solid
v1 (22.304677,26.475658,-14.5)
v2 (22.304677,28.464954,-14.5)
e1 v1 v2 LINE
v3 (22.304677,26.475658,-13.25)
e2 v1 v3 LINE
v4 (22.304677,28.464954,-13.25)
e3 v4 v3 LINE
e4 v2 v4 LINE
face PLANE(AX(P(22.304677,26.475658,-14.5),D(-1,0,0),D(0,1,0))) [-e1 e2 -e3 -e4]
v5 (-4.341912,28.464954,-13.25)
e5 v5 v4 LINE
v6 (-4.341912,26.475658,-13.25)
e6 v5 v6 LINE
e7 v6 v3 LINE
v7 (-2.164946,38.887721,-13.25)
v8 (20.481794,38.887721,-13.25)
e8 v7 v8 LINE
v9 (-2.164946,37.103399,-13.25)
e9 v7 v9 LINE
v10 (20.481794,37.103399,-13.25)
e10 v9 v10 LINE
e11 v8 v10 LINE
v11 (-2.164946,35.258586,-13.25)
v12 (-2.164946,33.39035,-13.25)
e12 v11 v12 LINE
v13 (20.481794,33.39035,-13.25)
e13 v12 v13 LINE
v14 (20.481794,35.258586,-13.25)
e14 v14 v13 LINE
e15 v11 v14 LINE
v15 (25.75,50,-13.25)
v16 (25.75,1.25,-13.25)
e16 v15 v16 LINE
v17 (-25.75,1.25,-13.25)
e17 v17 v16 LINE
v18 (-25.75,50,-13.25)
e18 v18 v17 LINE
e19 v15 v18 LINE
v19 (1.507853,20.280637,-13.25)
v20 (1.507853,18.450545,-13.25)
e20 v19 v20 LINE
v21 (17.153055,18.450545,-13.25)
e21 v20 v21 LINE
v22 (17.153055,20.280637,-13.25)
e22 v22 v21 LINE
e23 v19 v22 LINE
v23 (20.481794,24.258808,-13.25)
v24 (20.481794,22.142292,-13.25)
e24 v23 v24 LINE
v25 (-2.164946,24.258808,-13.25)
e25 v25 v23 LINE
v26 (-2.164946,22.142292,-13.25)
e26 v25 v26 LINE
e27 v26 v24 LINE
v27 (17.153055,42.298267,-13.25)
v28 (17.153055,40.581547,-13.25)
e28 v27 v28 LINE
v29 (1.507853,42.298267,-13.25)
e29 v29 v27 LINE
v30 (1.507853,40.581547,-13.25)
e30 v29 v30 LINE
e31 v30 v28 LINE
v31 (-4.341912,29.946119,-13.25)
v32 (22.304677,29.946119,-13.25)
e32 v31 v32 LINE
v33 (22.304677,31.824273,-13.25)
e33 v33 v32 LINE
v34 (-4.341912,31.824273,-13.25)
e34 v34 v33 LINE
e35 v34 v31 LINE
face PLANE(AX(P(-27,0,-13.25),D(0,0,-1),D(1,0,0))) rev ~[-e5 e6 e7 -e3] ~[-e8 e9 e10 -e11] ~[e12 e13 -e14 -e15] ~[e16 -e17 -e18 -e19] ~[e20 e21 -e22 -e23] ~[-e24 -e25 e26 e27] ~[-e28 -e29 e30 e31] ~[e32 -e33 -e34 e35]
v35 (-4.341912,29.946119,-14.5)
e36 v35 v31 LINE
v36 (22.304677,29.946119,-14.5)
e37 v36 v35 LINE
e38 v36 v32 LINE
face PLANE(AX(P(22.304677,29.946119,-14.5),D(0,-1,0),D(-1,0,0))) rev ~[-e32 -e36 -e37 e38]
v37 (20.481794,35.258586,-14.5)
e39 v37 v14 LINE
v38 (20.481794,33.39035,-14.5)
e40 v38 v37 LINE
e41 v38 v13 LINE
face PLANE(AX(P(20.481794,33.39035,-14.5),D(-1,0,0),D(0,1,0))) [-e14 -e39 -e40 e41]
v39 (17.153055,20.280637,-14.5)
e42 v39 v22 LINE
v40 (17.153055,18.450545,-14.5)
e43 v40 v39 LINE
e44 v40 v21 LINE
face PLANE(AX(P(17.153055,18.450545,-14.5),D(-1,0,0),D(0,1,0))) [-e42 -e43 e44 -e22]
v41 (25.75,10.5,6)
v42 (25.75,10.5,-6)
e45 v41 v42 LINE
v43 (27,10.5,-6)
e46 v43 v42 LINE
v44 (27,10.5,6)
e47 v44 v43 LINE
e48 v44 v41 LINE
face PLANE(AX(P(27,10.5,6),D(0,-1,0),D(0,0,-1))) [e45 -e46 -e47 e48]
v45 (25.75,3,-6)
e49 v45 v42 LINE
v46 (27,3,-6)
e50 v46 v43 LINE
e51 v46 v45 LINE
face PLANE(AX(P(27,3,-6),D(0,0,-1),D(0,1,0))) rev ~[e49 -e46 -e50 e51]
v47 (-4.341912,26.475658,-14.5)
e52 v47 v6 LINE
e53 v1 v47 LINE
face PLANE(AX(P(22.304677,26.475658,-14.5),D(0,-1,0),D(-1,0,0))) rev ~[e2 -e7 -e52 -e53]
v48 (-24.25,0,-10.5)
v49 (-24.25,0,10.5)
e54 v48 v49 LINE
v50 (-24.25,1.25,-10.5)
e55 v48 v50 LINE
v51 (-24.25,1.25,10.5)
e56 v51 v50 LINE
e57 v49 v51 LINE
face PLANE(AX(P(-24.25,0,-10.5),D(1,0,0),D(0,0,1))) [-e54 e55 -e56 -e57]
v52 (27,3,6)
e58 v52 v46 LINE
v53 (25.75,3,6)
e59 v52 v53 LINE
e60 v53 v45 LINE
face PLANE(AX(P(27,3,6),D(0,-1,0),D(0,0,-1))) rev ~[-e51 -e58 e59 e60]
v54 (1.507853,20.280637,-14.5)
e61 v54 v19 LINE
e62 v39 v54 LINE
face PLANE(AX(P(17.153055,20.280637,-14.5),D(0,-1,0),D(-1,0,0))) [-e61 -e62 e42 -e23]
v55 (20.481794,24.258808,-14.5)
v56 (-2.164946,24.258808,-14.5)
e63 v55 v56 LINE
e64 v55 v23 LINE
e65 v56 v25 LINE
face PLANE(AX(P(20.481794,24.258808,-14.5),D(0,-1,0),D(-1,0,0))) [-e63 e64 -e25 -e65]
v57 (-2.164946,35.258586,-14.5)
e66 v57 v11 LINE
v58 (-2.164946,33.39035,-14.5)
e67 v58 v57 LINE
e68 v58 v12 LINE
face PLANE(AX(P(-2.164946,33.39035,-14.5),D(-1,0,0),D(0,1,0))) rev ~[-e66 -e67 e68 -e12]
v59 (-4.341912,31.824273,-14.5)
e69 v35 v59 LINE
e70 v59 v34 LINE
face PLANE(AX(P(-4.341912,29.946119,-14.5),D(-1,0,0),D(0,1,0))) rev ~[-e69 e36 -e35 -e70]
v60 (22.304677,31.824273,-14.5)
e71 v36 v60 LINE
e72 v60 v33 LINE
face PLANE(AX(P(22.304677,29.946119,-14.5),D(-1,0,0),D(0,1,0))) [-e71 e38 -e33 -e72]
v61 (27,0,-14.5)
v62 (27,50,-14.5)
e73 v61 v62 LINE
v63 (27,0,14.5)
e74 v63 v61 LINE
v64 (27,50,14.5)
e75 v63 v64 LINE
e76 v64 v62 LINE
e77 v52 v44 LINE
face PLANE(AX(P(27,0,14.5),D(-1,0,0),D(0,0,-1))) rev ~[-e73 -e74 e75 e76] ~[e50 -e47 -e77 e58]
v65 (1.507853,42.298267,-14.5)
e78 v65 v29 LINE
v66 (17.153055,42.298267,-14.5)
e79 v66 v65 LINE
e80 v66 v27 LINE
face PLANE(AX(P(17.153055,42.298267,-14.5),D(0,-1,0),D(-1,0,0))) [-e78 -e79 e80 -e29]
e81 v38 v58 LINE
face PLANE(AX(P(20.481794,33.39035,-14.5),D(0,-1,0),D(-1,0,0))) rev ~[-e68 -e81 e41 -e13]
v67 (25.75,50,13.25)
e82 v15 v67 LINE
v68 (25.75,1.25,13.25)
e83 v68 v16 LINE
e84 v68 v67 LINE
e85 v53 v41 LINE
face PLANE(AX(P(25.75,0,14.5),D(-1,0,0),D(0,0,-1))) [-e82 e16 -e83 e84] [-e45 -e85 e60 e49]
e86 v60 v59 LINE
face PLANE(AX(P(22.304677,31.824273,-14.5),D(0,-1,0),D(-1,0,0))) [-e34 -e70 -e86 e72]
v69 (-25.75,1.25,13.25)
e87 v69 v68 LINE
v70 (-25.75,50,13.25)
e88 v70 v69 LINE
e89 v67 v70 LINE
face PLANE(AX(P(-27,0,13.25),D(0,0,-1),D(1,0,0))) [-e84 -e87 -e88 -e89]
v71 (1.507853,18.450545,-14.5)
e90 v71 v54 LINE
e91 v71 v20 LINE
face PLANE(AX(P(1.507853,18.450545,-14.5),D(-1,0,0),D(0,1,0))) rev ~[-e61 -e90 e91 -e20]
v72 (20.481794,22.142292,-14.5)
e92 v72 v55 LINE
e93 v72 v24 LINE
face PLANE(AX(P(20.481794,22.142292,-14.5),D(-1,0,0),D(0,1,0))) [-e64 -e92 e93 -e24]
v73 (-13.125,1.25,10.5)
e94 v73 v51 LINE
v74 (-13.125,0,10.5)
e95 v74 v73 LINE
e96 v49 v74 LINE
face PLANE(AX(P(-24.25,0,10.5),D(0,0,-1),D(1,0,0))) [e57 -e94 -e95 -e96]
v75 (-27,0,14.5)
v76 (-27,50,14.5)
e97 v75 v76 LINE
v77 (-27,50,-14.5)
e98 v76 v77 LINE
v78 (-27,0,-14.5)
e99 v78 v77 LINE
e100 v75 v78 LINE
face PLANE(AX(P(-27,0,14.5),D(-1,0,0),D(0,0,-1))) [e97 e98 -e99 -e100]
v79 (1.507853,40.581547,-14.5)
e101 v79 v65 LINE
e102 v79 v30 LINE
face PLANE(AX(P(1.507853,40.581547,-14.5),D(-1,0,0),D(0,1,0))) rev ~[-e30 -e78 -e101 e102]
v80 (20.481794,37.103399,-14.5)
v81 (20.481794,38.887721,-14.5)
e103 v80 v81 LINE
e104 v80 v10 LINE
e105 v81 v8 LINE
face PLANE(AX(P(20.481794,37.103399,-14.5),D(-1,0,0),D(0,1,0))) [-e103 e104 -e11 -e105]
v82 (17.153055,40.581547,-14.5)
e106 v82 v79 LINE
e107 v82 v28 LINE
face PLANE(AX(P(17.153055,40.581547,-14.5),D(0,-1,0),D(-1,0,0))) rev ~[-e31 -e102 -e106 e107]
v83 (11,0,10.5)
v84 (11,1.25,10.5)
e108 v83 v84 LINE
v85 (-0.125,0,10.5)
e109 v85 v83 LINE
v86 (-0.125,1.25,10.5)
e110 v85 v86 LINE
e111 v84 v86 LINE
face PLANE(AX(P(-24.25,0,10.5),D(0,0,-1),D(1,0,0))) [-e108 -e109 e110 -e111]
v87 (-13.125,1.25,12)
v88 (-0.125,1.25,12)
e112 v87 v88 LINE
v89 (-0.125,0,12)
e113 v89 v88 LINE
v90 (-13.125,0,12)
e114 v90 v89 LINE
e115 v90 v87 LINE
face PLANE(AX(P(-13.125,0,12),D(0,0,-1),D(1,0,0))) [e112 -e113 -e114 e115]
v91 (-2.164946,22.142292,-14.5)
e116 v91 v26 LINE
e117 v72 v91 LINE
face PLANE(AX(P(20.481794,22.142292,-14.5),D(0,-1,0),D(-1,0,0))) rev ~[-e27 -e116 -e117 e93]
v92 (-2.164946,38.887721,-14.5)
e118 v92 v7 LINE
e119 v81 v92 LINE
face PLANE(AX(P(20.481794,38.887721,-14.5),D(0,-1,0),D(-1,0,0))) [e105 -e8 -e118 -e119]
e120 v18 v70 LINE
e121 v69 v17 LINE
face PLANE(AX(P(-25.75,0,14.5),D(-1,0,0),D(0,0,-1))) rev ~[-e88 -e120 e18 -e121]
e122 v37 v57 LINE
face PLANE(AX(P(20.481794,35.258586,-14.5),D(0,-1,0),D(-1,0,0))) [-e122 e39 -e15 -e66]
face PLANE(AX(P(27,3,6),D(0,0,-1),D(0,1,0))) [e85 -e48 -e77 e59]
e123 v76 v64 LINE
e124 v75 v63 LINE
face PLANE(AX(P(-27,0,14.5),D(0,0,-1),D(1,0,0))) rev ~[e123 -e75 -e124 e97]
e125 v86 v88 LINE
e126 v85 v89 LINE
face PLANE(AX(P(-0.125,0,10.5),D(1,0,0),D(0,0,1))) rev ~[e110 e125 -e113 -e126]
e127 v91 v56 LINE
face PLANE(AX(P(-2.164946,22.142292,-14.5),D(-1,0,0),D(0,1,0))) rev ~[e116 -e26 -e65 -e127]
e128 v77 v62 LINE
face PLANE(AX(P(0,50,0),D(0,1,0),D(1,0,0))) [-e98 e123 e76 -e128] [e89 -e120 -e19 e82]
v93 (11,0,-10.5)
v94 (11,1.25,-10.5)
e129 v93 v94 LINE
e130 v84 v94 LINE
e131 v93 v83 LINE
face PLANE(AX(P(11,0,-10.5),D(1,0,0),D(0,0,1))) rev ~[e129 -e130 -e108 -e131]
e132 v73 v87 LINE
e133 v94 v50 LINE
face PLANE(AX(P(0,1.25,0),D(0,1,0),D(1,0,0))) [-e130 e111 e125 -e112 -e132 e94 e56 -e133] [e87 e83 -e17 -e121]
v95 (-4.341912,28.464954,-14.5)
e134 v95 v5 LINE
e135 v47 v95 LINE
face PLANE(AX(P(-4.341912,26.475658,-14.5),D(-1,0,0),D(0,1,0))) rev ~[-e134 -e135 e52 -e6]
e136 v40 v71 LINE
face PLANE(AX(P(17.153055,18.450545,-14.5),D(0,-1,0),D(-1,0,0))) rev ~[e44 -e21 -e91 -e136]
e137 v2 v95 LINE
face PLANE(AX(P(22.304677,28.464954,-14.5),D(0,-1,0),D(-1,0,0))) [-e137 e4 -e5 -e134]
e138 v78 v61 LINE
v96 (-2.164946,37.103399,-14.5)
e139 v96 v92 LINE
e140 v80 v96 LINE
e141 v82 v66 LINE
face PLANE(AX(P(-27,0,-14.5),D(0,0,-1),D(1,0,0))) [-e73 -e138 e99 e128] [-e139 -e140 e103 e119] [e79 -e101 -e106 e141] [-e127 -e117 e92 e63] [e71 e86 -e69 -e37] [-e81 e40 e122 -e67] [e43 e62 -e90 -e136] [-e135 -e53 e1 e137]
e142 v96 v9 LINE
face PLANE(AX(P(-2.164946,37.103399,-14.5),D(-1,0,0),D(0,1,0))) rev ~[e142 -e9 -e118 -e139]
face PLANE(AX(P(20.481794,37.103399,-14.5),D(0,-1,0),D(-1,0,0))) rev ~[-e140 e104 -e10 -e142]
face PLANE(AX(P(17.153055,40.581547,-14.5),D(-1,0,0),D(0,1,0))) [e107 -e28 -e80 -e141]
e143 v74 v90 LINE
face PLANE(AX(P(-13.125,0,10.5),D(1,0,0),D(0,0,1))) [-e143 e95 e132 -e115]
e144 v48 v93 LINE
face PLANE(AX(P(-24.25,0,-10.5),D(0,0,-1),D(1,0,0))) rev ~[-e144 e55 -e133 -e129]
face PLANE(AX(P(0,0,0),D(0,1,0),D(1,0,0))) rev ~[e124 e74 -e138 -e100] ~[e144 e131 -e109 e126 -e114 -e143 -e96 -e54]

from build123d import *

# Parameters (mm, degrees)
SKETCH1_W           = 54
SKETCH1_H           = 29
BOSS_EXTRUDE1_DEPTH = 50
SHELL1_T            = -1.25
SKETCH2_W           = 35.25
SKETCH2_H           = 21
CUT_EXTRUDE1_DEPTH  = 51
CUT_EXTRUDE2_REACH  = 56
SKETCH3_W           = 12
SKETCH3_H           = 7.5
CUT_EXTRUDE3_REACH  = 52
SKETCH4_W           = 13
SKETCH4_H           = 1.5
CUT_EXTRUDE4_REACH  = 31
SKETCH6_W           = 15.64520267
SKETCH6_H           = 1.830091839
SKETCH6_W_2         = 22.646740458
SKETCH6_H_2         = 2.116515958
SKETCH6_W_3         = 26.646589607
SKETCH6_H_3         = 1.98929613
SKETCH6_H_4         = 1.878154188
SKETCH6_H_5         = 1.86823604
SKETCH6_H_6         = 1.784322078
SKETCH6_H_7         = 1.716719878


with BuildPart() as part:
    # Sketch1 → Boss-Extrude1 (new body)
    with BuildSketch(Plane(origin=(0, 0, 0), x_dir=(1, 0, 0), z_dir=(0, 1, 0))):
        Rectangle(SKETCH1_W, SKETCH1_H)
    extrude(amount=BOSS_EXTRUDE1_DEPTH)

    # Shell1
    shell1_openings = [part.faces().sort_by_distance(p)[0] for p in [
        (0, 50, 0),
    ]]
    offset(amount=SHELL1_T, openings=shell1_openings, kind=Kind.INTERSECTION)

    # Sketch2 → Cut-Extrude1 (cut, through all)
    with BuildSketch(Plane.XZ):
        with Locations((-6.625, 0)):
            Rectangle(SKETCH2_W, SKETCH2_H)
    extrude(amount=-CUT_EXTRUDE1_DEPTH, mode=Mode.SUBTRACT)

    # Sketch3 → Cut-Extrude2 (cut, up to next)
    with BuildSketch(Plane(origin=(27, 0, 0), x_dir=(0, 0, -1), z_dir=(1, 0, 0)), mode=Mode.PRIVATE) as cut_extrude2_sk1:
        with Locations((0, 6.75)):
            Rectangle(SKETCH3_W, SKETCH3_H)
    cut_extrude2_tool1 = extrude(cut_extrude2_sk1.sketch, amount=-CUT_EXTRUDE2_REACH, mode=Mode.PRIVATE) & part.part
    add(cut_extrude2_tool1.solids().sort_by_distance((27, 6.75, 0))[0], mode=Mode.SUBTRACT)

    # Sketch4 → Cut-Extrude3 (cut, up to next)
    with BuildSketch(Plane.XZ, mode=Mode.PRIVATE) as cut_extrude3_sk1:
        with Locations((-6.625, 11.25)):
            Rectangle(SKETCH4_W, SKETCH4_H)
    cut_extrude3_tool1 = extrude(cut_extrude3_sk1.sketch, amount=-CUT_EXTRUDE3_REACH, mode=Mode.PRIVATE) & part.part
    add(cut_extrude3_tool1.solids().sort_by_distance((-6.625, 0, 11.25))[0], mode=Mode.SUBTRACT)

    # Sketch6 → Cut-Extrude4 (cut, up to next)
    with BuildSketch(Plane(origin=(0, 0, -14.5), x_dir=(-1, 0, 0), z_dir=(0, 0, -1)), mode=Mode.PRIVATE) as cut_extrude4_sk1:
        with Locations((-9.330453993, 19.365591302)):
            Rectangle(SKETCH6_W, SKETCH6_H)
    cut_extrude4_tool1 = extrude(cut_extrude4_sk1.sketch, amount=-CUT_EXTRUDE4_REACH, mode=Mode.PRIVATE) & part.part
    add(cut_extrude4_tool1.solids().sort_by_distance((9.330454, 19.365591, -14.5))[0], mode=Mode.SUBTRACT)
    # Sketch6 → Cut-Extrude4 (cut, up to next)
    with BuildSketch(Plane(origin=(0, 0, -14.5), x_dir=(-1, 0, 0), z_dir=(0, 0, -1)), mode=Mode.PRIVATE) as cut_extrude4_sk2:
        with Locations((-9.158424139, 23.200549922)):
            Rectangle(SKETCH6_W_2, SKETCH6_H_2)
    cut_extrude4_tool2 = extrude(cut_extrude4_sk2.sketch, amount=-CUT_EXTRUDE4_REACH, mode=Mode.PRIVATE) & part.part
    add(cut_extrude4_tool2.solids().sort_by_distance((9.158424, 23.20055, -14.5))[0], mode=Mode.SUBTRACT)
    # Sketch6 → Cut-Extrude4 (cut, up to next)
    with BuildSketch(Plane(origin=(0, 0, -14.5), x_dir=(-1, 0, 0), z_dir=(0, 0, -1)), mode=Mode.PRIVATE) as cut_extrude4_sk3:
        with Locations((-8.981382512, 27.470306386)):
            Rectangle(SKETCH6_W_3, SKETCH6_H_3)
    cut_extrude4_tool3 = extrude(cut_extrude4_sk3.sketch, amount=-CUT_EXTRUDE4_REACH, mode=Mode.PRIVATE) & part.part
    add(cut_extrude4_tool3.solids().sort_by_distance((8.981383, 27.470306, -14.5))[0], mode=Mode.SUBTRACT)
    # Sketch6 → Cut-Extrude4 (cut, up to next)
    with BuildSketch(Plane(origin=(0, 0, -14.5), x_dir=(-1, 0, 0), z_dir=(0, 0, -1)), mode=Mode.PRIVATE) as cut_extrude4_sk4:
        with Locations((-8.981382512, 30.885196162)):
            Rectangle(SKETCH6_W_3, SKETCH6_H_4)
    cut_extrude4_tool4 = extrude(cut_extrude4_sk4.sketch, amount=-CUT_EXTRUDE4_REACH, mode=Mode.PRIVATE) & part.part
    add(cut_extrude4_tool4.solids().sort_by_distance((8.981383, 30.885196, -14.5))[0], mode=Mode.SUBTRACT)
    # Sketch6 → Cut-Extrude4 (cut, up to next)
    with BuildSketch(Plane(origin=(0, 0, -14.5), x_dir=(-1, 0, 0), z_dir=(0, 0, -1)), mode=Mode.PRIVATE) as cut_extrude4_sk5:
        with Locations((-9.158424139, 34.324467927)):
            Rectangle(SKETCH6_W_2, SKETCH6_H_5)
    cut_extrude4_tool5 = extrude(cut_extrude4_sk5.sketch, amount=-CUT_EXTRUDE4_REACH, mode=Mode.PRIVATE) & part.part
    add(cut_extrude4_tool5.solids().sort_by_distance((9.158424, 34.324468, -14.5))[0], mode=Mode.SUBTRACT)
    # Sketch6 → Cut-Extrude4 (cut, up to next)
    with BuildSketch(Plane(origin=(0, 0, -14.5), x_dir=(-1, 0, 0), z_dir=(0, 0, -1)), mode=Mode.PRIVATE) as cut_extrude4_sk6:
        with Locations((-9.158424139, 37.995559626)):
            Rectangle(SKETCH6_W_2, SKETCH6_H_6)
    cut_extrude4_tool6 = extrude(cut_extrude4_sk6.sketch, amount=-CUT_EXTRUDE4_REACH, mode=Mode.PRIVATE) & part.part
    add(cut_extrude4_tool6.solids().sort_by_distance((9.158424, 37.99556, -14.5))[0], mode=Mode.SUBTRACT)
    # Sketch6 → Cut-Extrude4 (cut, up to next)
    with BuildSketch(Plane(origin=(0, 0, -14.5), x_dir=(-1, 0, 0), z_dir=(0, 0, -1)), mode=Mode.PRIVATE) as cut_extrude4_sk7:
        with Locations((-9.330453993, 41.439907402)):
            Rectangle(SKETCH6_W, SKETCH6_H_7)
    cut_extrude4_tool7 = extrude(cut_extrude4_sk7.sketch, amount=-CUT_EXTRUDE4_REACH, mode=Mode.PRIVATE) & part.part
    add(cut_extrude4_tool7.solids().sort_by_distance((9.330454, 41.439907, -14.5))[0], mode=Mode.SUBTRACT)


solid = part.part
